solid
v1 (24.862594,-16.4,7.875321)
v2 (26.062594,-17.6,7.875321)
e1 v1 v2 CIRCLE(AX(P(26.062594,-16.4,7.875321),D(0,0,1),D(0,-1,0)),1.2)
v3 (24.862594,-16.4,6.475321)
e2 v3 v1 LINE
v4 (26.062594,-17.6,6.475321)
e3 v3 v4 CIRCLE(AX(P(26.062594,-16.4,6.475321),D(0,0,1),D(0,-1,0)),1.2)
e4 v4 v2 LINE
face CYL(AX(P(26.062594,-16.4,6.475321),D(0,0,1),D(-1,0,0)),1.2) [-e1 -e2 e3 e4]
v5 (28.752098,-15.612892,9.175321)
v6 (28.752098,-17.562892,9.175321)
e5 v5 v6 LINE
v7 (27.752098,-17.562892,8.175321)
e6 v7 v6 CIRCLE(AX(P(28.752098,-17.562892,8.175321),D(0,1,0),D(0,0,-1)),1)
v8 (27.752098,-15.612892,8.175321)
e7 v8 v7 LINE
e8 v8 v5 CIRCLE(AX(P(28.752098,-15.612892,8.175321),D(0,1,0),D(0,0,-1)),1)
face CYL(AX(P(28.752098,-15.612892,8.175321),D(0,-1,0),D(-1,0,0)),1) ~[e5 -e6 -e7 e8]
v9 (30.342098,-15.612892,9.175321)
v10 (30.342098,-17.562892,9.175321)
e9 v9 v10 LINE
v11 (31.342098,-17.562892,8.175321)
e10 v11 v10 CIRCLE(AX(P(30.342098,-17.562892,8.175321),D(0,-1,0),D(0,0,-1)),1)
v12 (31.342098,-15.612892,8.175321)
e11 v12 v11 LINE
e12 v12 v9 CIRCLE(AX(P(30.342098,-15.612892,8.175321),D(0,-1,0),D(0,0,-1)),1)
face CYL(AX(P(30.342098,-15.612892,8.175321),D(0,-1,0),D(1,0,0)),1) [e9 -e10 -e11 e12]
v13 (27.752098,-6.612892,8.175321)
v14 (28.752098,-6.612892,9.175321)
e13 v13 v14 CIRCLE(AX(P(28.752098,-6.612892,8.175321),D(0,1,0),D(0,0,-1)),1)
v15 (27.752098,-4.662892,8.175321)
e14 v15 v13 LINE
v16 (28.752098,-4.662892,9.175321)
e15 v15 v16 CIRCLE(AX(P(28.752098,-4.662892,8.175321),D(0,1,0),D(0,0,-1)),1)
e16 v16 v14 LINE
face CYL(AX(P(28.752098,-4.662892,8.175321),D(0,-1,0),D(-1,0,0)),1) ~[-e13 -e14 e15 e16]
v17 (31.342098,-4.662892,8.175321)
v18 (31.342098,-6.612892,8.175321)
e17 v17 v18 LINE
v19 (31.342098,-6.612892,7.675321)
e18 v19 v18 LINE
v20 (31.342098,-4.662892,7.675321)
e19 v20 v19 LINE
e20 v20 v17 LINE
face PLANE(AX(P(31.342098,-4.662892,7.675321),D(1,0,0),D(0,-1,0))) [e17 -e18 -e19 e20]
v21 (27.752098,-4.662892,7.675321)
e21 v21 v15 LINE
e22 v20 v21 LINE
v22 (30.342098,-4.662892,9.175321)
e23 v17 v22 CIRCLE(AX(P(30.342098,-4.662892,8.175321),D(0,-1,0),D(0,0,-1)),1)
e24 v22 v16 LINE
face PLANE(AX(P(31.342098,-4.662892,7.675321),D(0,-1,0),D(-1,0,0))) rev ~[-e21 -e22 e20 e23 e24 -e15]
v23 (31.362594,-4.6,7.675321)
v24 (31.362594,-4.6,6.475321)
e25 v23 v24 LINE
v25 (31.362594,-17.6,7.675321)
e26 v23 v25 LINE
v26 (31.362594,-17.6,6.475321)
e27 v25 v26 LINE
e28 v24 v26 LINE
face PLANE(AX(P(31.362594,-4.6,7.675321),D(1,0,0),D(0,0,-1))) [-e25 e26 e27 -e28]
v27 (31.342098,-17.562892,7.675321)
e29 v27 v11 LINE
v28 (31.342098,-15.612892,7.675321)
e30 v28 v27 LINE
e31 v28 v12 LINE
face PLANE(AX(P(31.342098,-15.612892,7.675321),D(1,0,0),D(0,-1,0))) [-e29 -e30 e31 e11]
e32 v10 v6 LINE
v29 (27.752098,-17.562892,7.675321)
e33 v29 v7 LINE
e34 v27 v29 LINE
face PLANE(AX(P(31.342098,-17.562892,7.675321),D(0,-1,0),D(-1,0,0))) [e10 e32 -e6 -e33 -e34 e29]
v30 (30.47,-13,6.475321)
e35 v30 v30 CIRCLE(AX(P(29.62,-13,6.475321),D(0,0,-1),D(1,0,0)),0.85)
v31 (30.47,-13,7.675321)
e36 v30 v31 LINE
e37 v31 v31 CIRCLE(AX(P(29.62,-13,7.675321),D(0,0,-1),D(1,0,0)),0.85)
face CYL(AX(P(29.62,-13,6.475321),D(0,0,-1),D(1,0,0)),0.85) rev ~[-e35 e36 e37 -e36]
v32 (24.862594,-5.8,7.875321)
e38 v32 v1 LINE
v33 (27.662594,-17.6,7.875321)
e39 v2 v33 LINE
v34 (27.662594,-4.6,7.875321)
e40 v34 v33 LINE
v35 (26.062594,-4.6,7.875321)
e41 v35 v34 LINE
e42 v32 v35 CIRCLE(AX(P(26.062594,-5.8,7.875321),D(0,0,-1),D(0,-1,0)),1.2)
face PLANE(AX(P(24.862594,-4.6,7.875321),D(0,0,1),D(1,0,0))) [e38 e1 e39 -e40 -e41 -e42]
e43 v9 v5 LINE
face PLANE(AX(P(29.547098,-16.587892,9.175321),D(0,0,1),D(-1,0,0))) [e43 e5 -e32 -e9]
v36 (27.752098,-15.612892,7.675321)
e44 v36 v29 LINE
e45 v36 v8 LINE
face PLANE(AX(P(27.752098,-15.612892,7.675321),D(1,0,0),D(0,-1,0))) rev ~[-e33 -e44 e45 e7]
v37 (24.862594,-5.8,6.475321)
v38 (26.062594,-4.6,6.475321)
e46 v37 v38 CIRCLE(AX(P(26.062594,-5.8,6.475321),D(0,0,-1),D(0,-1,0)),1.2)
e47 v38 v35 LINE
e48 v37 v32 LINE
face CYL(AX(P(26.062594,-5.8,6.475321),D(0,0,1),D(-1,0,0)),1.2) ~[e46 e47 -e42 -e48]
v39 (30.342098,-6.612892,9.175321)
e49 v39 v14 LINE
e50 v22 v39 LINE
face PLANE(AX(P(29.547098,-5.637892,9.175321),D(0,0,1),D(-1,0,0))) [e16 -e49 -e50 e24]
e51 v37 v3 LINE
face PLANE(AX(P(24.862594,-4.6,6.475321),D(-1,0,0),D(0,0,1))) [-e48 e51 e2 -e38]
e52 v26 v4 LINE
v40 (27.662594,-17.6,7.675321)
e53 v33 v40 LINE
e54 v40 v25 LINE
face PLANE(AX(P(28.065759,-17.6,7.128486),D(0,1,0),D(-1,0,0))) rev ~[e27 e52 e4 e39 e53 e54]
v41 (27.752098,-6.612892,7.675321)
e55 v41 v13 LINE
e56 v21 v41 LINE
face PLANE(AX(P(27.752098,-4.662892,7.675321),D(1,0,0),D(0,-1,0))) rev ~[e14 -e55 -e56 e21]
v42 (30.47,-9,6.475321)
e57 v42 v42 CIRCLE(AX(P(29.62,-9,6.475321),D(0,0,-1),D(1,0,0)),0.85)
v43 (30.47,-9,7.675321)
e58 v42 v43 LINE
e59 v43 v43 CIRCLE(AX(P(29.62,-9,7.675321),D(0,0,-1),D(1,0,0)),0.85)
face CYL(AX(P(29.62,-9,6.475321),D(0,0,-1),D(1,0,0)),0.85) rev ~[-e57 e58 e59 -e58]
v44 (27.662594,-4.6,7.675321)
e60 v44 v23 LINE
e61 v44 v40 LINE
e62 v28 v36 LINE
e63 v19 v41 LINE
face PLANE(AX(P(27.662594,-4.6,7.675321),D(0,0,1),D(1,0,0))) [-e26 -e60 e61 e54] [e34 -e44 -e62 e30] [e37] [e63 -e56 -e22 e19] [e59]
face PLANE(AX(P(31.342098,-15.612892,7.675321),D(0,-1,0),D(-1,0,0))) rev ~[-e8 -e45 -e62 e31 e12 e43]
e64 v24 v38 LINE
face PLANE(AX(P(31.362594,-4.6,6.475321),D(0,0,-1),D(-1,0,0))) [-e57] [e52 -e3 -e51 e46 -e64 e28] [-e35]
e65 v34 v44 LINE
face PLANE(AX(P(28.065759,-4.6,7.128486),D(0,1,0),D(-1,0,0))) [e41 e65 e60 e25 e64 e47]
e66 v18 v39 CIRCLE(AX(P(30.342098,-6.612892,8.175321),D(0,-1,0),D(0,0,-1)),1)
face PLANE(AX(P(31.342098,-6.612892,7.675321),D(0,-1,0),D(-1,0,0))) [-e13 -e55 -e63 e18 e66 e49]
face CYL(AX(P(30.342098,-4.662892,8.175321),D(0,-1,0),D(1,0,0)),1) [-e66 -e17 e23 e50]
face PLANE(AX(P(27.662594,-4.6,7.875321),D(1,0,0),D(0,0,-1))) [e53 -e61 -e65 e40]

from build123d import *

# Parameters (mm, degrees)
PAD023_DEPTH    = 13
SKETCH050_R     = 0.85
POCKET025_DEPTH = 5
FILLET008_R     = 1.2
SKETCH061_W     = 3.59
SKETCH061_H     = 1.95
PAD032_DEPTH    = 1.5
FILLET011_R     = 1


with BuildPart() as part:
    # Sketch049 → Pad023 (new body)
    with BuildSketch(Plane.XZ.offset(-4)):
        Polygon((24.862594, 8.175321), (27.662594, 8.175321), (27.662594, 7.975321), (31.362594, 7.975321), (31.362594, 6.775321), (24.862594, 6.775321), align=None)
    extrude(amount=PAD023_DEPTH)

    # Sketch050 (on Face5 of Pad023) → Pocket025 (cut)
    with BuildSketch(Plane(origin=(0, 0, 6.775321), x_dir=(1, 0, 0), z_dir=(0, 0, -1))):
        with Locations((29.62, 4.4)):
            Circle(SKETCH050_R)
        with Locations((29.62, 0.4)):
            Circle(SKETCH050_R)
    extrude(amount=-POCKET025_DEPTH, mode=Mode.SUBTRACT)

    # Fillet008
    fillet008_edges = [part.edges().sort_by_distance(p)[0] for p in [
        (24.862594, -9, 7.475321),
        (24.862594, 4, 7.475321),
    ]]
    fillet(fillet008_edges, radius=FILLET008_R)

    # Sketch061 (on Face9 of Fillet008) → Pad032 (join)
    with BuildSketch(Plane(origin=(0, 0, 7.975321), x_dir=(-1, 0, 0), z_dir=(0, 0, 1))):
        with Locations((-29.547098, 7.987892)):
            Rectangle(SKETCH061_W, SKETCH061_H)
        with Locations((-29.547098, -2.962108)):
            Rectangle(SKETCH061_W, SKETCH061_H)
    extrude(amount=PAD032_DEPTH)

    # Fillet011
    fillet011_edges = [part.edges().sort_by_distance(p)[0] for p in [
        (27.752098, 2.962108, 9.475321),
        (31.342098, 2.962108, 9.475321),
        (27.752098, -7.987892, 9.475321),
        (31.342098, -7.987892, 9.475321),
    ]]
    fillet(fillet011_edges, radius=FILLET011_R)


with BuildPart() as part_1:
    # Body006 placement: moved
    add(part.part.moved(Location((0, -8.6, -0.3))))


solid = part_1.part
